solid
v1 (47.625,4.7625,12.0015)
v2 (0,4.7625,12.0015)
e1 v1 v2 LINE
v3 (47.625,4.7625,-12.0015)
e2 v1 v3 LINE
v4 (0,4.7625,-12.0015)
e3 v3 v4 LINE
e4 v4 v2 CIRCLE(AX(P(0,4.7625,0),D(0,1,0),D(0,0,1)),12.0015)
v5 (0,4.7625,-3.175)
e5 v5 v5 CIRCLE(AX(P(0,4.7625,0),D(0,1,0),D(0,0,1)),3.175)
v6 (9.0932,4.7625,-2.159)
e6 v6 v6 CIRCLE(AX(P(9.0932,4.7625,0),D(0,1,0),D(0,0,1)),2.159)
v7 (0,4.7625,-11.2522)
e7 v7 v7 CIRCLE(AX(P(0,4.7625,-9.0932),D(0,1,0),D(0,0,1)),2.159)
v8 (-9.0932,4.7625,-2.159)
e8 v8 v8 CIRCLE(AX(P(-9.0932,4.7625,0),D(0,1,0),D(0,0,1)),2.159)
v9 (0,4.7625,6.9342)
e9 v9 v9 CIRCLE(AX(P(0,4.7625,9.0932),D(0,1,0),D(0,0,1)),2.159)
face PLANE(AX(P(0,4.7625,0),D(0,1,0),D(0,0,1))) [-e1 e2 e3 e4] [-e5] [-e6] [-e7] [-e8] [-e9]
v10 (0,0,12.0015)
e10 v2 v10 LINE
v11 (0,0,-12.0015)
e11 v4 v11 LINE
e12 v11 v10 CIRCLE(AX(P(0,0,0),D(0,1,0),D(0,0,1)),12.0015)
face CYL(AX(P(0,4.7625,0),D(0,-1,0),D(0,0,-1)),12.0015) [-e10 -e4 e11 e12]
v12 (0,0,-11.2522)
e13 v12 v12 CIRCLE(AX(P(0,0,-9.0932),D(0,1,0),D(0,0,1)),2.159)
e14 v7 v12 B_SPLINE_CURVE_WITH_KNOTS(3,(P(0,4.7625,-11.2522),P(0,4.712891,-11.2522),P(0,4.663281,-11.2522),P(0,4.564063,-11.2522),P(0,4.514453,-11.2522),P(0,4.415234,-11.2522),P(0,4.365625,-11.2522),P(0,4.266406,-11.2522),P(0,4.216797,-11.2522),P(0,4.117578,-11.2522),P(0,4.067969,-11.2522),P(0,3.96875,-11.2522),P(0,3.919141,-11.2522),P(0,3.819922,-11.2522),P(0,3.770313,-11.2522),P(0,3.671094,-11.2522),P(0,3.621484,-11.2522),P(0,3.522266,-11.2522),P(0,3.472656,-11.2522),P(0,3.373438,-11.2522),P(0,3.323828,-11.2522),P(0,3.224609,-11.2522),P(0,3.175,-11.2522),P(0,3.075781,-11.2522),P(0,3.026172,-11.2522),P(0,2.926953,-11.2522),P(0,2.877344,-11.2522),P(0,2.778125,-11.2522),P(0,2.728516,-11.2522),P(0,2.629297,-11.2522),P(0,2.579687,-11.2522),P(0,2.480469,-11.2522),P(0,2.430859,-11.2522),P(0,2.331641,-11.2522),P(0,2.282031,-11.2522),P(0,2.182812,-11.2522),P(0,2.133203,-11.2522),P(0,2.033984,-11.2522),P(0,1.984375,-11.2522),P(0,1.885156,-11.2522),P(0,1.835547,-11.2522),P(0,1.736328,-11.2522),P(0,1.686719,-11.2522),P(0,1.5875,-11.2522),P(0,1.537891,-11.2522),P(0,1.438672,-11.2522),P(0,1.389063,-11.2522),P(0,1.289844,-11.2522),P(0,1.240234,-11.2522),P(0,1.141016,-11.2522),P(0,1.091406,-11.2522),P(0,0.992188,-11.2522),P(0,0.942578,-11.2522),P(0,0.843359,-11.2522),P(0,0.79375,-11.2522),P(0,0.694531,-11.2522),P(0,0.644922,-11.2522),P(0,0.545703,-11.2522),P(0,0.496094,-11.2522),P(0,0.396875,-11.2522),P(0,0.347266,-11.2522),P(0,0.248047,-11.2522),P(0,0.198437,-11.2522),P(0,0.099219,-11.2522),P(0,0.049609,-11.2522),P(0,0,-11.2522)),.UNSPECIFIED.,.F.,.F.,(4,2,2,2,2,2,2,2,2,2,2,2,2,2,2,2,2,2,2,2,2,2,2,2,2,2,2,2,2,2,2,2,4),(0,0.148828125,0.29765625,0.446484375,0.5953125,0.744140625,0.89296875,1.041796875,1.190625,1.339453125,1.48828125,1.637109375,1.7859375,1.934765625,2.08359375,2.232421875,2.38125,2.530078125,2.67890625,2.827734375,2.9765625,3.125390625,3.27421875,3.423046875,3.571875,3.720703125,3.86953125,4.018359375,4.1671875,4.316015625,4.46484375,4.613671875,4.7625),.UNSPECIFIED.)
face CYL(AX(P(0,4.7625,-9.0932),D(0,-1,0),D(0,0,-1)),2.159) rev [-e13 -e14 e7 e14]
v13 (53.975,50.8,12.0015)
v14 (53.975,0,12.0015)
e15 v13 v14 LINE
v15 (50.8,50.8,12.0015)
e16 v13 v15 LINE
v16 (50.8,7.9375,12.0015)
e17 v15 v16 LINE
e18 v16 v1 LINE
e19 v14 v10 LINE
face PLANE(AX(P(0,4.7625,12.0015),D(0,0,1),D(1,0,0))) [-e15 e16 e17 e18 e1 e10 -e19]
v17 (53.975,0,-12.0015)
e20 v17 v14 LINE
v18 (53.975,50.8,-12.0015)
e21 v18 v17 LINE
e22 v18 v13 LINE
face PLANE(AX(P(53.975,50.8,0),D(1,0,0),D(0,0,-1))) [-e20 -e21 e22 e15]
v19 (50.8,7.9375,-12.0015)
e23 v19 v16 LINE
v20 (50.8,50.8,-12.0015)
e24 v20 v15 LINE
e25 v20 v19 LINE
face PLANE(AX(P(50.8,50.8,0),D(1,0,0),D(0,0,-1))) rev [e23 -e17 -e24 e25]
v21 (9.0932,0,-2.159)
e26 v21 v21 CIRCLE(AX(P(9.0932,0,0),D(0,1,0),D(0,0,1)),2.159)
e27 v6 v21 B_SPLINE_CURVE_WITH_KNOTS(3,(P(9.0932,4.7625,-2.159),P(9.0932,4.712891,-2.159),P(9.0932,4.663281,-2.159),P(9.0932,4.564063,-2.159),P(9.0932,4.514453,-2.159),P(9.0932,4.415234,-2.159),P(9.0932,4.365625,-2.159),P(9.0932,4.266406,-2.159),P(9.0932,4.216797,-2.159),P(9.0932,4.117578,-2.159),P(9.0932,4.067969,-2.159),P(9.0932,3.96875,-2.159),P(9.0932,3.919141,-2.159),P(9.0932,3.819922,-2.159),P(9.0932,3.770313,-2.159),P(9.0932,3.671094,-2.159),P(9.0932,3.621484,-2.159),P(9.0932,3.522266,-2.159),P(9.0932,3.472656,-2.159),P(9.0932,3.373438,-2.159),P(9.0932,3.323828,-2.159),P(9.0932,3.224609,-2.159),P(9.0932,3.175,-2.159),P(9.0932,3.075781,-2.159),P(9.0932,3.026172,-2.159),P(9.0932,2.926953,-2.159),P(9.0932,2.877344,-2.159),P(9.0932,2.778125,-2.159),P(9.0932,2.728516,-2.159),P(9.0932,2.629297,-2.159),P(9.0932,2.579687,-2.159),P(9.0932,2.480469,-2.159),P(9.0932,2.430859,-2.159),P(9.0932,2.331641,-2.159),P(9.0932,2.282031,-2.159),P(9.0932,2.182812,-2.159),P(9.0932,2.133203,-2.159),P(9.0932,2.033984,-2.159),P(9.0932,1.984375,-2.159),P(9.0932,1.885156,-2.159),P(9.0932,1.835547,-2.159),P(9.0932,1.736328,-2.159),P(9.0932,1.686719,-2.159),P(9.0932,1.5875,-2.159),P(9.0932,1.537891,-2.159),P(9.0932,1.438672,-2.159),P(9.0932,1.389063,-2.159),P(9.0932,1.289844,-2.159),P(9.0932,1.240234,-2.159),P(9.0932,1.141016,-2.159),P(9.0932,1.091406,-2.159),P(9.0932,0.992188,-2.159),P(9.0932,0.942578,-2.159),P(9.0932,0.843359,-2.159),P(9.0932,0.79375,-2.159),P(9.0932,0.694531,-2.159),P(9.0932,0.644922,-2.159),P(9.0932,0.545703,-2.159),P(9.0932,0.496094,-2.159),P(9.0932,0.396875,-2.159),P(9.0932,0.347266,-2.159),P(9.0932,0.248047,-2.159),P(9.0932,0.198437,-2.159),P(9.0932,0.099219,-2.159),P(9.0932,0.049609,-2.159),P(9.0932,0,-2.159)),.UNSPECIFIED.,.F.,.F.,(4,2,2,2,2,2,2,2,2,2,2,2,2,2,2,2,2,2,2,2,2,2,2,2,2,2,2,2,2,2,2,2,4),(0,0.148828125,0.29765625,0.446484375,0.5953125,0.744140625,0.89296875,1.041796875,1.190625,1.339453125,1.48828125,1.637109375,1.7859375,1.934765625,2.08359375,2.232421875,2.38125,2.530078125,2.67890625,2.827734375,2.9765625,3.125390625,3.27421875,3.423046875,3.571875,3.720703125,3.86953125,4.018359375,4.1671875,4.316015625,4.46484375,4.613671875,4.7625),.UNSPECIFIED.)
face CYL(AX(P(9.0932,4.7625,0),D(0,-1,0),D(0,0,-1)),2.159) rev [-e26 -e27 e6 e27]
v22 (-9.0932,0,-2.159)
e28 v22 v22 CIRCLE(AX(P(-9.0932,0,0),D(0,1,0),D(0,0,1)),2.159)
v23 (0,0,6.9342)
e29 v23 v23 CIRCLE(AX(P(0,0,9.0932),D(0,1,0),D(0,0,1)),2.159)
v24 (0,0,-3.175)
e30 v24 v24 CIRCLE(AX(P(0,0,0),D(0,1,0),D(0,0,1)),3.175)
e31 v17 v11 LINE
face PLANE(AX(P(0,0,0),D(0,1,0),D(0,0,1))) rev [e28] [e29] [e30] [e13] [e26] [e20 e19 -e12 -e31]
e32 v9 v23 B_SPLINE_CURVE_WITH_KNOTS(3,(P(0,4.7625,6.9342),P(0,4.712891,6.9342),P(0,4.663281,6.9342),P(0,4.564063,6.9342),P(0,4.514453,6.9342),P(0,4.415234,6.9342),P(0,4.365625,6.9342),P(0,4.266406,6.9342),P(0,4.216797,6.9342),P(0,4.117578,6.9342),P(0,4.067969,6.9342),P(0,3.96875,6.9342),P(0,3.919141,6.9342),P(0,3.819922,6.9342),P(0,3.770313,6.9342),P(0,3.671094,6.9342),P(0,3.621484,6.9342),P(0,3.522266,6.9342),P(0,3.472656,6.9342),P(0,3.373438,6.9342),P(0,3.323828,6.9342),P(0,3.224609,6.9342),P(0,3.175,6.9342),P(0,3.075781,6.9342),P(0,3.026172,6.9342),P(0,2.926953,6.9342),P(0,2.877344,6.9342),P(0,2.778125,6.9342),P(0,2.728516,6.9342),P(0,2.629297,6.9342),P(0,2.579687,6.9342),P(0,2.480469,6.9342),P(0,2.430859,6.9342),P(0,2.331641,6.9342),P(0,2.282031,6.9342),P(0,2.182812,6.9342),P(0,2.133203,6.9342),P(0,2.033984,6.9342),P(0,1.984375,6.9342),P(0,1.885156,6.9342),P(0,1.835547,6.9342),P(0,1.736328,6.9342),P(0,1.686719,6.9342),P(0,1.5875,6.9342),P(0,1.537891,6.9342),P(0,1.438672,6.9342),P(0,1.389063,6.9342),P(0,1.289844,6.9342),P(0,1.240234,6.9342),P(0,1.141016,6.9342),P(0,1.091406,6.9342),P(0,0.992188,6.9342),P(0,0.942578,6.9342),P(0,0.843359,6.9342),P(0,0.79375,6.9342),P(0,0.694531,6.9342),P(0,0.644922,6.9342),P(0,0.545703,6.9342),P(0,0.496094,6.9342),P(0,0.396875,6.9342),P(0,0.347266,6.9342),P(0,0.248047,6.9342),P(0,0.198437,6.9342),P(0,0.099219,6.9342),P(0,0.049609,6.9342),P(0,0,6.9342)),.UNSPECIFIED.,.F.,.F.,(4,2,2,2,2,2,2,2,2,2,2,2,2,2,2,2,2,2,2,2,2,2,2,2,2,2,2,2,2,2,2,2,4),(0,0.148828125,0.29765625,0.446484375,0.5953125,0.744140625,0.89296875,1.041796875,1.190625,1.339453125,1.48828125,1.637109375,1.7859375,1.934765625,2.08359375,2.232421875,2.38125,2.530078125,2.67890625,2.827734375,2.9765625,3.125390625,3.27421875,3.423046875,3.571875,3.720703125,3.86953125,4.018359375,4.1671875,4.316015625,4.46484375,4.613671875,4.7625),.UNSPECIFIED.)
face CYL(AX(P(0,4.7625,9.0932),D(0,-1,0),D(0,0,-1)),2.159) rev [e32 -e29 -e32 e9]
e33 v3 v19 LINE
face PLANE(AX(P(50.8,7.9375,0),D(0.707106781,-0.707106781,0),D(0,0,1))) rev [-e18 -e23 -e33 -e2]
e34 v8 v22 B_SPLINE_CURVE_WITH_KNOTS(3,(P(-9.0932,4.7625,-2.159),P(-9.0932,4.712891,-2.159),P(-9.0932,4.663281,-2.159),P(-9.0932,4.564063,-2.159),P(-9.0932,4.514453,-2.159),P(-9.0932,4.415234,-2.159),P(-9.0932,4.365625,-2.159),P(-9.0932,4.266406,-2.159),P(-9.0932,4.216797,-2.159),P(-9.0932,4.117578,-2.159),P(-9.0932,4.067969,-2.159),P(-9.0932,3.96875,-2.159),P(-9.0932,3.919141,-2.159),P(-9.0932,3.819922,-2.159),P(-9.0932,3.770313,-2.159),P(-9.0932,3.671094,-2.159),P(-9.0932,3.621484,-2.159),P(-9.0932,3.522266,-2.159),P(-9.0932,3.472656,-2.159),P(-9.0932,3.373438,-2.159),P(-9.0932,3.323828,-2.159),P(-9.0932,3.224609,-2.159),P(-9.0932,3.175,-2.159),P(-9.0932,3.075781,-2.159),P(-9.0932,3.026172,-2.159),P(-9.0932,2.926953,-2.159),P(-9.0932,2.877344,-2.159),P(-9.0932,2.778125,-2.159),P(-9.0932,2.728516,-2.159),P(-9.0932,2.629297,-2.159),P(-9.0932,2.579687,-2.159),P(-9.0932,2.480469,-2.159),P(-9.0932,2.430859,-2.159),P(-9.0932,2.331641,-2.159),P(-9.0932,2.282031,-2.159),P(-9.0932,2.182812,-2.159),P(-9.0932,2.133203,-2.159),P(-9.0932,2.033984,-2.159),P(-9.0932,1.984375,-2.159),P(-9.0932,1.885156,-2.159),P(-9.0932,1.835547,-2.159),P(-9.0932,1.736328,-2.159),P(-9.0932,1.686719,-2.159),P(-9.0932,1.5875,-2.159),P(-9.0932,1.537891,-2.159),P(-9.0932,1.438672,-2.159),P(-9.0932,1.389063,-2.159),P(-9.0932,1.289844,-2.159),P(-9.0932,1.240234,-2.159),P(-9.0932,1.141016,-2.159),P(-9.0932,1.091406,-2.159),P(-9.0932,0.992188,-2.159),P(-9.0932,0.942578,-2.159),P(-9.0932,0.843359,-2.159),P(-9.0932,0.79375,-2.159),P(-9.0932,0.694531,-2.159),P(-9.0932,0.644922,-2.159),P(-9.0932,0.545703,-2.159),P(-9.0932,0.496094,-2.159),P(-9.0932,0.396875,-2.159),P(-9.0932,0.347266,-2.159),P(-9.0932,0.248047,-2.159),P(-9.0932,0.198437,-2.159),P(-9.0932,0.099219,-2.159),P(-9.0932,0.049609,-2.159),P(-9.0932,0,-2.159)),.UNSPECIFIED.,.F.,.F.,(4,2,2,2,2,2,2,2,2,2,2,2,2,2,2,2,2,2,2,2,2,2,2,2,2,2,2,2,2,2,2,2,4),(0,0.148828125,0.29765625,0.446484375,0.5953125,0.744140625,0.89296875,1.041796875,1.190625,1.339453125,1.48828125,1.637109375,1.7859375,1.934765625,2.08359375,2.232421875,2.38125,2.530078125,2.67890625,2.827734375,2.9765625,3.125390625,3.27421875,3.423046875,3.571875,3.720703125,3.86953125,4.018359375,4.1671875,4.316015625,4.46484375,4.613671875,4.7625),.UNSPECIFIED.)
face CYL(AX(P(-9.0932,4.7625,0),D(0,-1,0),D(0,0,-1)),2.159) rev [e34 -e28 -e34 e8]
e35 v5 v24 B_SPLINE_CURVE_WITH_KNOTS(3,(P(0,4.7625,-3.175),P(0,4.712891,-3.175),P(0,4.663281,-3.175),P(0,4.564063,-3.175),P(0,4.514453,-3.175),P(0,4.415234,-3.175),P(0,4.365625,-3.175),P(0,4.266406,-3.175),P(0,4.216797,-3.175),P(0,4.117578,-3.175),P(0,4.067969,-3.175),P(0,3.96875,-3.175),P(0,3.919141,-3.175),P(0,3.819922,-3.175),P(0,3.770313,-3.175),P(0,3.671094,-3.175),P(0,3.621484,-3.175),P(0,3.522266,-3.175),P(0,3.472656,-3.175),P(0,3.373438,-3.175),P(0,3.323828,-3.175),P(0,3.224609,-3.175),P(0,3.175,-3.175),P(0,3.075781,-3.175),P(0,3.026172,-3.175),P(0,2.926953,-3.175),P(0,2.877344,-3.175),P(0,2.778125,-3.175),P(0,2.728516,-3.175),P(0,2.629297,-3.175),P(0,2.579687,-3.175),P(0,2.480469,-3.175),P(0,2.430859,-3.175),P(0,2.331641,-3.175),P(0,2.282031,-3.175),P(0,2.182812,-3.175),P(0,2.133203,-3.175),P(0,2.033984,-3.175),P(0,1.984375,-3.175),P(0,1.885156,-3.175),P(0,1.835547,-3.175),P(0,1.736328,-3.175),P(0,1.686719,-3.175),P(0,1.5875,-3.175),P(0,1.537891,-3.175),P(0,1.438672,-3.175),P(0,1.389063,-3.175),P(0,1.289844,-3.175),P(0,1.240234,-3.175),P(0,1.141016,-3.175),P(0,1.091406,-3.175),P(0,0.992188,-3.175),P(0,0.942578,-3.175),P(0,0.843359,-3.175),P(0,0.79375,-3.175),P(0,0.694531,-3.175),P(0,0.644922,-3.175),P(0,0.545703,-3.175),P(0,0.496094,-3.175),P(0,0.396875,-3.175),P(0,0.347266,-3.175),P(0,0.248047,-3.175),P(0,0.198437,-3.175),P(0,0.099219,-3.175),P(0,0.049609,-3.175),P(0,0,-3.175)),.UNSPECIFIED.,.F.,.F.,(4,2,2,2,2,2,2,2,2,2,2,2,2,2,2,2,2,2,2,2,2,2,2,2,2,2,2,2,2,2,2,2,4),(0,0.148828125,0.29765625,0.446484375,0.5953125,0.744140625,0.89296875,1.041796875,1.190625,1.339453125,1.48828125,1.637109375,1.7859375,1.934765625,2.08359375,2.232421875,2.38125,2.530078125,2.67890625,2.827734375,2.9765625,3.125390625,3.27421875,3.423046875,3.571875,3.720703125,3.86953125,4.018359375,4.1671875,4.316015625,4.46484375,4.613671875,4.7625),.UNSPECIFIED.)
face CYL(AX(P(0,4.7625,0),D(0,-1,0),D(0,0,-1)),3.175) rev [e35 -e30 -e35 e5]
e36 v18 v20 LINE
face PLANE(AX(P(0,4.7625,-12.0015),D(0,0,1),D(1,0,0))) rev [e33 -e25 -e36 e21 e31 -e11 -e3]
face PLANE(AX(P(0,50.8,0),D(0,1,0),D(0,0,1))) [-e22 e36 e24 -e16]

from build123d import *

# Parameters (mm, degrees)
SKETCH1_R           = 2.159
SKETCH1_R_2         = 3.175
BOSS_EXTRUDE1_DEPTH = 4.7625
SKETCH1_3_W         = 3.175
SKETCH1_3_H         = 24.003
BOSS_EXTRUDE2_DEPTH = 50.8
CHAMFER1_SIZE       = 3.175


with BuildPart() as part:
    # Sketch1 → Boss-Extrude1 (new body)
    with BuildSketch(Plane(origin=(0, 0, 0), x_dir=(1, 0, 0), z_dir=(0, 1, 0))):
        with BuildLine():
            Line((0, -12.0015), (50.8, -12.0015))
            Line((50.8, -12.0015), (50.8, 12.0015))
            Line((50.8, 12.0015), (0, 12.0015))
            ThreePointArc((0, 12.0015), (-12.0015, 0), (0, -12.0015))
        make_face()
        with Locations((0, -9.0932)):
            Circle(SKETCH1_R, mode=Mode.SUBTRACT)
        with Locations((-9.0932, 0)):
            Circle(SKETCH1_R, mode=Mode.SUBTRACT)
        Circle(SKETCH1_R_2, mode=Mode.SUBTRACT)
        with Locations((9.0932, 0)):
            Circle(SKETCH1_R, mode=Mode.SUBTRACT)
        with Locations((0, 9.0932)):
            Circle(SKETCH1_R, mode=Mode.SUBTRACT)
    extrude(amount=BOSS_EXTRUDE1_DEPTH)

    # Sketch1<3> → Boss-Extrude2 (add)
    with BuildSketch(Plane(origin=(0, 0, 0), x_dir=(1, 0, 0), z_dir=(0, 1, 0))):
        with Locations((52.3875, 0)):
            Rectangle(SKETCH1_3_W, SKETCH1_3_H)
    extrude(amount=BOSS_EXTRUDE2_DEPTH)

    # Chamfer1
    chamfer1_edges = [part.edges().sort_by_distance(p)[0] for p in [
        (50.8, 4.7625, 0),
    ]]
    chamfer(chamfer1_edges, length=CHAMFER1_SIZE)


solid = part.part
